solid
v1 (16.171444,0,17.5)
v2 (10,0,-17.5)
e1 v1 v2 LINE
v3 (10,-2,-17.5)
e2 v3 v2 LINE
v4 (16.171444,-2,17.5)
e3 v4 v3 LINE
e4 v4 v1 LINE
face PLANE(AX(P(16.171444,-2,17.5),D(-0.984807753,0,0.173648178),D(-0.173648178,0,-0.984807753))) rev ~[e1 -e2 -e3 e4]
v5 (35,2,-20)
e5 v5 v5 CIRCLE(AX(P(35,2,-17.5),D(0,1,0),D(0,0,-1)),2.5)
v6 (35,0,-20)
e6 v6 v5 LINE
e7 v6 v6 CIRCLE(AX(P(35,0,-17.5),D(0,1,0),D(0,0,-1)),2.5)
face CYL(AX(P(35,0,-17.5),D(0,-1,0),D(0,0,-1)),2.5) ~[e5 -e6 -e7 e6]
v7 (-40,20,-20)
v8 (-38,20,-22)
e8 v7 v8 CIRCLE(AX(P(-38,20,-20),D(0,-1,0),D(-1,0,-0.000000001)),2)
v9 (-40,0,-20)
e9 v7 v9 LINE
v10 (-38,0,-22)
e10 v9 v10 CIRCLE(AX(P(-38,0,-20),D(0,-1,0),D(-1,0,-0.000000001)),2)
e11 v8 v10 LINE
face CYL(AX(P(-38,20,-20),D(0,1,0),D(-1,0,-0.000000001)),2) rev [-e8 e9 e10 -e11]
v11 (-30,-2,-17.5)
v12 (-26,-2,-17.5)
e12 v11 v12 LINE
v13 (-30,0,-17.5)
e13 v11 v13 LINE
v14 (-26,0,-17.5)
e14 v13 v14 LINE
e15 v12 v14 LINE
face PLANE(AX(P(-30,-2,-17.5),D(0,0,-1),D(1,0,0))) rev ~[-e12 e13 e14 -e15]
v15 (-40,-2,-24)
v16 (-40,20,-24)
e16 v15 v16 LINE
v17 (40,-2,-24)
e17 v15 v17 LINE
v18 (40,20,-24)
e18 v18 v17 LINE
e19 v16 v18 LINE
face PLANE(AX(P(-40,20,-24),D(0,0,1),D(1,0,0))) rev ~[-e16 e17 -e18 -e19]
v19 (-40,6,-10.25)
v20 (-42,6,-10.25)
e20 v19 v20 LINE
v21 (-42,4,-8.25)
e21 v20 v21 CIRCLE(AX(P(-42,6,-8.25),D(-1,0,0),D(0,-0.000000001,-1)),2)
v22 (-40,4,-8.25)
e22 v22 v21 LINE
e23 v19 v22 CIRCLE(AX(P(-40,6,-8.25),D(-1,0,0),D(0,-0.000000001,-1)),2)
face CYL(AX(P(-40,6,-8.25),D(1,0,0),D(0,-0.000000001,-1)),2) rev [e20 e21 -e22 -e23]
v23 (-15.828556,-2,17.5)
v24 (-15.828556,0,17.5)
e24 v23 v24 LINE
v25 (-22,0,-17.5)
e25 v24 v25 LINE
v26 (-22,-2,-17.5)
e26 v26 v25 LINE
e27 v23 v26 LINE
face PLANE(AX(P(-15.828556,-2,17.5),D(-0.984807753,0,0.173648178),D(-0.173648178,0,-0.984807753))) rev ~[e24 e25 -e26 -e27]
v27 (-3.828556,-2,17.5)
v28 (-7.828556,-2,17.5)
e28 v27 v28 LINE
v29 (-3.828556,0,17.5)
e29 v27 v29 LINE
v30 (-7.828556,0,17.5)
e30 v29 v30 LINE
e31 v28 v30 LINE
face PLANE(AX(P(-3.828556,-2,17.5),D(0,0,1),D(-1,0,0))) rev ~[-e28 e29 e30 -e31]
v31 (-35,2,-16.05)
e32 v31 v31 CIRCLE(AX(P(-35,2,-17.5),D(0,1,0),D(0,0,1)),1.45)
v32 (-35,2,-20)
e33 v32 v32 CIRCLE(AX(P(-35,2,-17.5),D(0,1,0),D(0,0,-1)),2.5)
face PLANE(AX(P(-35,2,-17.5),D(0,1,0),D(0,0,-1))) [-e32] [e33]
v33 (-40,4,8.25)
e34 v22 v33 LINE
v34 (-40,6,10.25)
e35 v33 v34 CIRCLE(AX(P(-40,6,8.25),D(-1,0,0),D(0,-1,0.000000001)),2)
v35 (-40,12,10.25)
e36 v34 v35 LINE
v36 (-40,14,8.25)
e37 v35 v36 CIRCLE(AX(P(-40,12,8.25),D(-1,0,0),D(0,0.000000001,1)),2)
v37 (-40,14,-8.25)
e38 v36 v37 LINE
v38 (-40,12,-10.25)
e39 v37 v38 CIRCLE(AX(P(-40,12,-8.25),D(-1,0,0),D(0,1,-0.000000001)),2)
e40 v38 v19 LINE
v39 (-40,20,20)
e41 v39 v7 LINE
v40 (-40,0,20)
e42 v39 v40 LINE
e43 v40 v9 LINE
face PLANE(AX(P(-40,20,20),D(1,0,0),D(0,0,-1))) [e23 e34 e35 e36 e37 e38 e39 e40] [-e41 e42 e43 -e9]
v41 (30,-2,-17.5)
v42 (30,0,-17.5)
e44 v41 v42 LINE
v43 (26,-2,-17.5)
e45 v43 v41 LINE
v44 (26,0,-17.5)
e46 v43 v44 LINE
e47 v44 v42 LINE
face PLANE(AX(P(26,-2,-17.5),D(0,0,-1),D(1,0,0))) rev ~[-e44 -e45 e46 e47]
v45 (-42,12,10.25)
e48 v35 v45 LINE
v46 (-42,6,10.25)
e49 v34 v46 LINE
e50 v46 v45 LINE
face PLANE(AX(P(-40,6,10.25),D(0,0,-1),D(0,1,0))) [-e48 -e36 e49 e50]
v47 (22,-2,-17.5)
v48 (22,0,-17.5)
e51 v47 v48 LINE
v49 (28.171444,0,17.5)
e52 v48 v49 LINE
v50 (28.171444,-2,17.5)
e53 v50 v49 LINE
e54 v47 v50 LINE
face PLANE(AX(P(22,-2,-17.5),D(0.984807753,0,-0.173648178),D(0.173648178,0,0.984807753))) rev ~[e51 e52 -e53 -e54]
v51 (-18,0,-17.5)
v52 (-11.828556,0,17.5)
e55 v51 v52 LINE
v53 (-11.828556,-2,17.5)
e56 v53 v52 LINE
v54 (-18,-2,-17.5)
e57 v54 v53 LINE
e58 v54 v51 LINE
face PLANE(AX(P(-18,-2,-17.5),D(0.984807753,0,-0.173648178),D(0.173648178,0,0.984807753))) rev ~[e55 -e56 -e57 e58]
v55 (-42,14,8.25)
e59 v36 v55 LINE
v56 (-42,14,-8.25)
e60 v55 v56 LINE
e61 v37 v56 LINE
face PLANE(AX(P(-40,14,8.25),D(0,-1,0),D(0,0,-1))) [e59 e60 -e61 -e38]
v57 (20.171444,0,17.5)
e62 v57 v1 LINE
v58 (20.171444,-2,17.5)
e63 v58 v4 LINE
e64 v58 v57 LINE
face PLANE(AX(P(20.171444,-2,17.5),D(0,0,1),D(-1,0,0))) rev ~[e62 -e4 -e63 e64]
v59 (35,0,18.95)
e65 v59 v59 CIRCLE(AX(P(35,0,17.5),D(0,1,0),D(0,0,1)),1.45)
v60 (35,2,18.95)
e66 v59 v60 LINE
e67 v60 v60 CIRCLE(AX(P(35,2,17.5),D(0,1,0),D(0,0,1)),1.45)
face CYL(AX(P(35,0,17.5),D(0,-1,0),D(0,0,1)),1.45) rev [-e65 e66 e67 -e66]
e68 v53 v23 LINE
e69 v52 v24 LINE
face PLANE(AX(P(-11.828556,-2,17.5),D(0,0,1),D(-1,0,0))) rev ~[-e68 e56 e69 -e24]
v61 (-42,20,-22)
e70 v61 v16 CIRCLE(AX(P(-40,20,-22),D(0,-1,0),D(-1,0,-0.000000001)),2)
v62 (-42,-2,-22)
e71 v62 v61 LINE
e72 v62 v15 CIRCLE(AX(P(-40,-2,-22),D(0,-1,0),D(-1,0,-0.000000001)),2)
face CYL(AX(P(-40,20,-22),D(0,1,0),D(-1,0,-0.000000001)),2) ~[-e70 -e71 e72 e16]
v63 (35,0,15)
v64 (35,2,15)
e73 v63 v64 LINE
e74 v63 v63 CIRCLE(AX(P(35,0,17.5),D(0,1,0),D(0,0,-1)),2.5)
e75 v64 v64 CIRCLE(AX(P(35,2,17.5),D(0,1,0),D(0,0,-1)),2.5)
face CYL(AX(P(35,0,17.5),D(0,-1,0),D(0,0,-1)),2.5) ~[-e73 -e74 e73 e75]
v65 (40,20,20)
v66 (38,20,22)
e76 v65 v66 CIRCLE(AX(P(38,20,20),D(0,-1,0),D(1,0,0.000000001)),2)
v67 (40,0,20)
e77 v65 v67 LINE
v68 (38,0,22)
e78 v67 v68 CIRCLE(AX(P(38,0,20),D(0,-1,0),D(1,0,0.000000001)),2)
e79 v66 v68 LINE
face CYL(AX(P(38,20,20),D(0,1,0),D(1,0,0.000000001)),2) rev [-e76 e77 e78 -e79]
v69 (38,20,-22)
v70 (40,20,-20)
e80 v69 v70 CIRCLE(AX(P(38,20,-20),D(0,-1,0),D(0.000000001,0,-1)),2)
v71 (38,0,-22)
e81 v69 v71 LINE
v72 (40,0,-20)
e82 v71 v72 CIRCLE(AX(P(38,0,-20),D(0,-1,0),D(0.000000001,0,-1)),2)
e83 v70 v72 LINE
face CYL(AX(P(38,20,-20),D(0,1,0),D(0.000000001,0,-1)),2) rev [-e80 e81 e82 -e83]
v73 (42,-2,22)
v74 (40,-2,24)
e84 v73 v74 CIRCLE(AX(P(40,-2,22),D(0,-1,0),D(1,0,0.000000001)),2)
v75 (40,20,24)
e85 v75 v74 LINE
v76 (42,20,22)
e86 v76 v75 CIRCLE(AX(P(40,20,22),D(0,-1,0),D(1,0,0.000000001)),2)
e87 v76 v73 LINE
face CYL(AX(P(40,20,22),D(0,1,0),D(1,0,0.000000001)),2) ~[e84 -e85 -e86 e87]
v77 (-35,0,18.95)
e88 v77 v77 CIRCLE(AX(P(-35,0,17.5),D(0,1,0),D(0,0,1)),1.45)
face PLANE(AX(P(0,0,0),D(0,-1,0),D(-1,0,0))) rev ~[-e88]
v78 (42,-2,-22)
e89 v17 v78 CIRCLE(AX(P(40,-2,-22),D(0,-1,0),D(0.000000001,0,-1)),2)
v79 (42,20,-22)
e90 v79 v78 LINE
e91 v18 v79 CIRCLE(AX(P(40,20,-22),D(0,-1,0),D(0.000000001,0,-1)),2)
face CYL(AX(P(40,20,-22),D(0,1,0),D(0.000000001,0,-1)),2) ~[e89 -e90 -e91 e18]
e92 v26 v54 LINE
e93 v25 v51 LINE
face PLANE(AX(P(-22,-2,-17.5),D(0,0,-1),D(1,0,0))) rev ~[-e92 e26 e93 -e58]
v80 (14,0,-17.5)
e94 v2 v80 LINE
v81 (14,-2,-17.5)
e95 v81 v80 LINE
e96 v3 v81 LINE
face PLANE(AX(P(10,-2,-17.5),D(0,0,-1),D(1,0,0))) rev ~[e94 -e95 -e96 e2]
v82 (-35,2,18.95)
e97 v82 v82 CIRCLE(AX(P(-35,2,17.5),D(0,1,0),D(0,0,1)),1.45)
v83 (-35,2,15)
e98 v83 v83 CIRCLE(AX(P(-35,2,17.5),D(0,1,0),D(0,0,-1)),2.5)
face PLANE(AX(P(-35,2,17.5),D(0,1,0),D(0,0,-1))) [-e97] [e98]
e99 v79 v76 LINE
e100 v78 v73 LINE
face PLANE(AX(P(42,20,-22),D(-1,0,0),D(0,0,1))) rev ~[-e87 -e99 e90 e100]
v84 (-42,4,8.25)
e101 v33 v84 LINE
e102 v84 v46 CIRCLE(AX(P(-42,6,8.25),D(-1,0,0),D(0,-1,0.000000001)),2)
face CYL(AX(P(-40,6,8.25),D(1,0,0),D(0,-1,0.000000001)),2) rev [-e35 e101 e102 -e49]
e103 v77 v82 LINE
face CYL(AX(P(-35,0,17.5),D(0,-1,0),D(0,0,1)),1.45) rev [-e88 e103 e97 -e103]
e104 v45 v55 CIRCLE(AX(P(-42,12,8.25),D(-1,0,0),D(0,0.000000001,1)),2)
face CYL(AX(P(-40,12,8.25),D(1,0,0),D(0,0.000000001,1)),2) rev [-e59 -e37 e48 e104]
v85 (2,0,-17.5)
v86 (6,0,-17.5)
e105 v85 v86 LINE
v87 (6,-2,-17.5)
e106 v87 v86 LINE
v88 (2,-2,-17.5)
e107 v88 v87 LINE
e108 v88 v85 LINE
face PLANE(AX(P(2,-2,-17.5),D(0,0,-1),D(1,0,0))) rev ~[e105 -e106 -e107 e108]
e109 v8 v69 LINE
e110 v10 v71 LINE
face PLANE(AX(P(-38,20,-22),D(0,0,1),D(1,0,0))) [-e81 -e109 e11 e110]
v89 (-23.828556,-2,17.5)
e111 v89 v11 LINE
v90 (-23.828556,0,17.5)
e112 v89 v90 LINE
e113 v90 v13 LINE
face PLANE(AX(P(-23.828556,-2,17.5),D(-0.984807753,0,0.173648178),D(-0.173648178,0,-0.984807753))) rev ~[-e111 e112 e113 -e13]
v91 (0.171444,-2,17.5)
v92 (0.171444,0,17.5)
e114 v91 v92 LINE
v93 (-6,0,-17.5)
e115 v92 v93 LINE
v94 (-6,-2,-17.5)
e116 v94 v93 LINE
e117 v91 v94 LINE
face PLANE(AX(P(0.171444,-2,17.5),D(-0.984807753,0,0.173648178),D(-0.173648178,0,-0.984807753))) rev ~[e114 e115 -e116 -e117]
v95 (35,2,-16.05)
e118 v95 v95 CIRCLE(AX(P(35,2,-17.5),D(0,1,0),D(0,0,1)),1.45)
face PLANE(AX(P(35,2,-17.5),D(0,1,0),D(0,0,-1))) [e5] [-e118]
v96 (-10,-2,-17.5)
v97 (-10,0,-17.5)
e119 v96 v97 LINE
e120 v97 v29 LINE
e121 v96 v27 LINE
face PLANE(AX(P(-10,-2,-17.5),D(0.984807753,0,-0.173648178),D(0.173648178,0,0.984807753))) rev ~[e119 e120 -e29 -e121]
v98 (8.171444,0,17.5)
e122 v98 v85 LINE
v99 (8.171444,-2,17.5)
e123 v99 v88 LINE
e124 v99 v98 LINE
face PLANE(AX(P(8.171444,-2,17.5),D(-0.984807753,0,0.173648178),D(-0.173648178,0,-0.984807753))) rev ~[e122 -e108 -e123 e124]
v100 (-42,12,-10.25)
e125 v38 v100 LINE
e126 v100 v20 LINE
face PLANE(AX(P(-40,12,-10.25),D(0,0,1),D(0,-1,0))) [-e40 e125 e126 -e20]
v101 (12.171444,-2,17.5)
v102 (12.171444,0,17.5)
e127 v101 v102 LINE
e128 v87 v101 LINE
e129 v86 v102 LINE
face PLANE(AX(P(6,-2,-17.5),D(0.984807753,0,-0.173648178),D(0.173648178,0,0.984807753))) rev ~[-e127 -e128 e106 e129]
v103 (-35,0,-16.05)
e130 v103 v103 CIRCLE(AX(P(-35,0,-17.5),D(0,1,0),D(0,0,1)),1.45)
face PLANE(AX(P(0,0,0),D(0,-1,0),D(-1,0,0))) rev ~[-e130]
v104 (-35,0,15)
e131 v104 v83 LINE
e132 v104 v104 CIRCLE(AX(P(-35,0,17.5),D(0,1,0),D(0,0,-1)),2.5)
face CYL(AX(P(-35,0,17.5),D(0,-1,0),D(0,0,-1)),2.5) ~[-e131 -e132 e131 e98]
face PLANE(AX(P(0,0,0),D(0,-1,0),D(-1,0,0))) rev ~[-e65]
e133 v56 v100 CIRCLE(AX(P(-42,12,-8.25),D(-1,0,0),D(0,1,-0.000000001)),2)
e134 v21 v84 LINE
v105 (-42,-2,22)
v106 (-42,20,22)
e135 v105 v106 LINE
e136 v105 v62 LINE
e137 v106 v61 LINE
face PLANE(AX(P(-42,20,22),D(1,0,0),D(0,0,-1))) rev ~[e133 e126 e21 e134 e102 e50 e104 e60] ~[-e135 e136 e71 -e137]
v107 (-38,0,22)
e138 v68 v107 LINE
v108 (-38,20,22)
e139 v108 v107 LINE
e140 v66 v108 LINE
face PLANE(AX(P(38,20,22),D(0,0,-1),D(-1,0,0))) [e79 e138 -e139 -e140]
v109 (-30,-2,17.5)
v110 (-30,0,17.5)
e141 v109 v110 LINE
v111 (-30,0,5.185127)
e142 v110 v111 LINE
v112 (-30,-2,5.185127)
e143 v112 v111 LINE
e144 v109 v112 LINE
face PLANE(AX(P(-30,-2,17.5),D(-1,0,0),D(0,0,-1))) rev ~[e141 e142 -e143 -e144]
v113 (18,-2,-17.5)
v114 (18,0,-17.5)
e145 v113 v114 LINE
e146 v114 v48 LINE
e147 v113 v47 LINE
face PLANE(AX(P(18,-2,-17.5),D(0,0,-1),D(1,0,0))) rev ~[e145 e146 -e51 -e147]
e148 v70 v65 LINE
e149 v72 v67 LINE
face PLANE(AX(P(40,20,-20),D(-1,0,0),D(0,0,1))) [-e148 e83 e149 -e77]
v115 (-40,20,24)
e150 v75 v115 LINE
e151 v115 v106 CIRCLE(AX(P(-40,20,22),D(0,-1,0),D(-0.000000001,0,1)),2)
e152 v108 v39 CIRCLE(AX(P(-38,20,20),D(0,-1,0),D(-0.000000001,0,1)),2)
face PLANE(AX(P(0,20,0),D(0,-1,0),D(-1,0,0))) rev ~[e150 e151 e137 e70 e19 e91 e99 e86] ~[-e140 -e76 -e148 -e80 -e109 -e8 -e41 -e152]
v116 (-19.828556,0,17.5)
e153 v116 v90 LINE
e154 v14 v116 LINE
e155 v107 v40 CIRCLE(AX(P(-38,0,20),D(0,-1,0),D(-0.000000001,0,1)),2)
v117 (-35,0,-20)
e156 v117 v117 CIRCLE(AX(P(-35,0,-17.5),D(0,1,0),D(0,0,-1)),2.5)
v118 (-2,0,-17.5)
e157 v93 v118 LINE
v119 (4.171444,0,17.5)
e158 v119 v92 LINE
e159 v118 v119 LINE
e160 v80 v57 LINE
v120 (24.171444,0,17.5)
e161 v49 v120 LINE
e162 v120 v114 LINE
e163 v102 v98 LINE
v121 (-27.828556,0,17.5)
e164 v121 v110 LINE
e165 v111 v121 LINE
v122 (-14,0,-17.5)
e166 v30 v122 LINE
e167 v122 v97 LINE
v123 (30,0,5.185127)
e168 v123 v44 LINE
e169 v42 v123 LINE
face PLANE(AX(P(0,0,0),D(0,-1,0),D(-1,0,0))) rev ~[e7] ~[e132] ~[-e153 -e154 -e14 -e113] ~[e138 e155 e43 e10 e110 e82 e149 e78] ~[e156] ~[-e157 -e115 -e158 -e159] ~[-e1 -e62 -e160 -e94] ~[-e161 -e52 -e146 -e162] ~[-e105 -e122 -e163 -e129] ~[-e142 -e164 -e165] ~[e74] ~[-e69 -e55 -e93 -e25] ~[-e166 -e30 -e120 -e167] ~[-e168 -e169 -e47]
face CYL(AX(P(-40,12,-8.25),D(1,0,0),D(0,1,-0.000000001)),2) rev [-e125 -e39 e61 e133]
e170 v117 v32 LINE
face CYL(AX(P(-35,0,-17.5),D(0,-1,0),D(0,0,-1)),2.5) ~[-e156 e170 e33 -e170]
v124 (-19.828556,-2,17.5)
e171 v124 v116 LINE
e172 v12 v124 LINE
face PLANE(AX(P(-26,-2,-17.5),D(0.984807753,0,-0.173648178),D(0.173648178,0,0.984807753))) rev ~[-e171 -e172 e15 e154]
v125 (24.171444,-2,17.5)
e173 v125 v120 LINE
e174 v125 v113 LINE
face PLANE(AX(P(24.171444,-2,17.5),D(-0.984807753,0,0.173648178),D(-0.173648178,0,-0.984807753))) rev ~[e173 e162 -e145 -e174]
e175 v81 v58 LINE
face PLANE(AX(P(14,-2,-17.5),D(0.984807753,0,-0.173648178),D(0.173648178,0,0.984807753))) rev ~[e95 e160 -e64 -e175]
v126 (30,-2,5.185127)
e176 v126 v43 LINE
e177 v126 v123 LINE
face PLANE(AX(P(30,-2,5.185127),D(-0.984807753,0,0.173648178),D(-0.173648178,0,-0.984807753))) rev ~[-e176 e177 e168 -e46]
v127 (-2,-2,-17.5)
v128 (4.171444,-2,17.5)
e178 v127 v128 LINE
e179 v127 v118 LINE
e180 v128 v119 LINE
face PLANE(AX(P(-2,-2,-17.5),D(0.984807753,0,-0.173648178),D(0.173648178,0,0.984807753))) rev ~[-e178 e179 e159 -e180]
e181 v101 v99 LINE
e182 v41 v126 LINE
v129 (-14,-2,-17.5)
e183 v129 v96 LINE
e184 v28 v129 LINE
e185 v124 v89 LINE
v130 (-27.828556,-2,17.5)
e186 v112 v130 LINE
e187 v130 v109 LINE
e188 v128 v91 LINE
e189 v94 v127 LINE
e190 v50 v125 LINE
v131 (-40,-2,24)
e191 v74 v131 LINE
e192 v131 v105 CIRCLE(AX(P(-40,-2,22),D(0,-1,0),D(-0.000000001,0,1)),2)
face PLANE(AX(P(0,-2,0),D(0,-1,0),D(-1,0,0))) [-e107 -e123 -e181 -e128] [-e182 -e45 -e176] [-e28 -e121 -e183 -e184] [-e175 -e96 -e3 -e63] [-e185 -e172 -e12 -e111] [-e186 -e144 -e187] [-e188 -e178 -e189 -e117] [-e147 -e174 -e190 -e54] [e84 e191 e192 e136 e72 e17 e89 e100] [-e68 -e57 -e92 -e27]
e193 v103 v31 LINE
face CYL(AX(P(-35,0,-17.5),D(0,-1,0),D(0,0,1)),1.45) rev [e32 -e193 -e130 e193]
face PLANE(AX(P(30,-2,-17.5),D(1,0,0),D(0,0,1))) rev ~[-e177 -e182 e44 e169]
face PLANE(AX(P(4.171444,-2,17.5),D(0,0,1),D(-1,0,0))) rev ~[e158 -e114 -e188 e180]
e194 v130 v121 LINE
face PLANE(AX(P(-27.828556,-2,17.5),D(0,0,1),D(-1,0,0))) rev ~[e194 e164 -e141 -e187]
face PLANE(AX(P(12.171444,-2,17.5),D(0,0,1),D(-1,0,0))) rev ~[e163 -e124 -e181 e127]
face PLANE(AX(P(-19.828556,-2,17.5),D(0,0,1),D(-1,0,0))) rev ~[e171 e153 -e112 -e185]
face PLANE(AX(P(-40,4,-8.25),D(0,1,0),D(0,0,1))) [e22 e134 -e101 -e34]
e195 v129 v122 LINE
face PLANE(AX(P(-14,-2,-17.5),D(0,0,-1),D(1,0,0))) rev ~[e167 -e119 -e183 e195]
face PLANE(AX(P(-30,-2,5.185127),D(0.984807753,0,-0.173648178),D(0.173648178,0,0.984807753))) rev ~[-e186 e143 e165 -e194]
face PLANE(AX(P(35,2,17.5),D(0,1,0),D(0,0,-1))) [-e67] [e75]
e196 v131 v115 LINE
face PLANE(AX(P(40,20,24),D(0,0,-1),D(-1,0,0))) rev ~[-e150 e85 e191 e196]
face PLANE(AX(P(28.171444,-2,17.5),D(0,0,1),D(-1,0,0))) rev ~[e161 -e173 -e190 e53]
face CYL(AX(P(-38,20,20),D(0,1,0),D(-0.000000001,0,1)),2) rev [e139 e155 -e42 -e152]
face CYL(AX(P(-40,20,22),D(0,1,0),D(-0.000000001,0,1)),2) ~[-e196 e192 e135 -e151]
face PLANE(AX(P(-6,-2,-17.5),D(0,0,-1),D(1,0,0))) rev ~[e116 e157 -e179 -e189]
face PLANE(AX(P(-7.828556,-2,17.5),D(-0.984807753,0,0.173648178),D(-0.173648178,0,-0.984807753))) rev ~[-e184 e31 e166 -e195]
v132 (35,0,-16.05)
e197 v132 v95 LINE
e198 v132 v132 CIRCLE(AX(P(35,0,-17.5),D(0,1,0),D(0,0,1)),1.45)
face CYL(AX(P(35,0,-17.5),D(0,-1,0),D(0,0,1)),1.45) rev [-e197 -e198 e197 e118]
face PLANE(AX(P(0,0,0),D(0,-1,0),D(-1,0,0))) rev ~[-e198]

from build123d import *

# Parameters (mm, degrees)
EXTRUDE_1_DEPTH     = 2
EXTRUDE_START       = 20
EXTRUDE_3_DEPTH     = 20
SKETCH_1_5_R        = 2.5
SKETCH_1_5_R_2      = 1.45
EXTRUDE_4_DEPTH     = 2
CUT_EXTRUDE_2_DEPTH = 2
CUT_EXTRUDE_3_DEPTH = 2


with BuildPart() as part:
    # 草图1 → 凸台-拉伸1 (new body)
    with BuildSketch(Plane(origin=(0, 0, 0), x_dir=(1, 0, 0), z_dir=(0, 1, 0))):
        with BuildLine():
            Line((-40, 24), (40, 24))
            ThreePointArc((40, 24), (41.414213562, 23.414213562), (42, 22))
            Line((42, 22), (42, -22))
            ThreePointArc((42, -22), (41.414213562, -23.414213562), (40, -24))
            Line((40, -24), (-40, -24))
            ThreePointArc((-40, -24), (-41.414213562, -23.414213562), (-42, -22))
            Line((-42, -22), (-42, 22))
            ThreePointArc((-42, 22), (-41.414213562, 23.414213562), (-40, 24))
        make_face()
    extrude(amount=-EXTRUDE_1_DEPTH)

    # 草图1<4> → 凸台-拉伸3 (add)
    with BuildSketch(Plane(origin=(0, 0, 0), x_dir=(1, 0, 0), z_dir=(0, 1, 0)).offset(EXTRUDE_START)):
        with BuildLine():
            Line((-40, 24), (40, 24))
            ThreePointArc((40, 24), (41.414213562, 23.414213562), (42, 22))
            Line((42, 22), (42, -22))
            ThreePointArc((42, -22), (41.414213562, -23.414213562), (40, -24))
            Line((40, -24), (-40, -24))
            ThreePointArc((-40, -24), (-41.414213562, -23.414213562), (-42, -22))
            Line((-42, -22), (-42, 22))
            ThreePointArc((-42, 22), (-41.414213562, 23.414213562), (-40, 24))
        make_face()
        with BuildLine():
            Line((-38, 22), (38, 22))
            ThreePointArc((38, 22), (39.414213562, 21.414213562), (40, 20))
            Line((40, 20), (40, -20))
            ThreePointArc((40, -20), (39.414213562, -21.414213562), (38, -22))
            Line((38, -22), (-38, -22))
            ThreePointArc((-38, -22), (-39.414213562, -21.414213562), (-40, -20))
            Line((-40, -20), (-40, 20))
            ThreePointArc((-40, 20), (-39.414213562, 21.414213562), (-38, 22))
        make_face(mode=Mode.SUBTRACT)
    extrude(amount=-EXTRUDE_3_DEPTH)

    # 草图1<5> → 凸台-拉伸4 (add)
    # profile 1 of 4: a face of its own
    with BuildSketch(Plane(origin=(0, 0, 0), x_dir=(1, 0, 0), z_dir=(0, 1, 0))):
        with Locations((-35, 17.5)):
            Circle(SKETCH_1_5_R)
        with Locations((-35, 17.5)):
            Circle(SKETCH_1_5_R_2, mode=Mode.SUBTRACT)
    # profile 2 of 4: a face of its own
    with BuildSketch(Plane(origin=(0, 0, 0), x_dir=(1, 0, 0), z_dir=(0, 1, 0))):
        with Locations((35, 17.5)):
            Circle(SKETCH_1_5_R)
        with Locations((35, 17.5)):
            Circle(SKETCH_1_5_R_2, mode=Mode.SUBTRACT)
    # profile 3 of 4: a face of its own
    with BuildSketch(Plane(origin=(0, 0, 0), x_dir=(1, 0, 0), z_dir=(0, 1, 0))):
        with Locations((35, -17.5)):
            Circle(SKETCH_1_5_R)
        with Locations((35, -17.5)):
            Circle(SKETCH_1_5_R_2, mode=Mode.SUBTRACT)
    # profile 4 of 4: a face of its own
    with BuildSketch(Plane(origin=(0, 0, 0), x_dir=(1, 0, 0), z_dir=(0, 1, 0))):
        with Locations((-35, -17.5)):
            Circle(SKETCH_1_5_R)
        with Locations((-35, -17.5)):
            Circle(SKETCH_1_5_R_2, mode=Mode.SUBTRACT)
    extrude(amount=EXTRUDE_4_DEPTH)

    # 草图2 → 切除-拉伸2 (cut)
    with BuildSketch(Plane.XZ.offset(2)):
        Polygon((-19.828555675, 17.5), (-23.828555675, 17.5), (-30, -17.5), (-26, -17.5), align=None)
        Polygon((-30, 5.185127278), (-27.828555675, 17.5), (-30, 17.5), align=None)
        Polygon((-11.828555675, 17.5), (-15.828555675, 17.5), (-22, -17.5), (-18, -17.5), align=None)
        Polygon((-3.828555675, 17.5), (-7.828555675, 17.5), (-14, -17.5), (-10, -17.5), align=None)
        Polygon((4.171444325, 17.5), (0.171444325, 17.5), (-6, -17.5), (-2, -17.5), align=None)
        Polygon((12.171444325, 17.5), (8.171444325, 17.5), (2, -17.5), (6, -17.5), align=None)
        Polygon((20.171444325, 17.5), (16.171444325, 17.5), (10, -17.5), (14, -17.5), align=None)
        Polygon((28.171444325, 17.5), (24.171444325, 17.5), (18, -17.5), (22, -17.5), align=None)
        Polygon((30, 5.185127278), (26, -17.5), (30, -17.5), align=None)
    extrude(amount=-CUT_EXTRUDE_2_DEPTH, mode=Mode.SUBTRACT)

    # 草图3 → 切除-拉伸3 (cut)
    with BuildSketch(Plane(origin=(-40, 0, 0), x_dir=(0, 0, -1), z_dir=(1, 0, 0))):
        with BuildLine():
            Line((-10.25, 6), (-10.25, 12))
            ThreePointArc((-10.25, 12), (-9.664213562, 13.414213562), (-8.25, 14))
            Line((-8.25, 14), (8.25, 14))
            ThreePointArc((8.25, 14), (9.664213562, 13.414213562), (10.25, 12))
            Line((10.25, 12), (10.25, 6))
            ThreePointArc((10.25, 6), (9.664213562, 4.585786438), (8.25, 4))
            Line((8.25, 4), (-8.25, 4))
            ThreePointArc((-8.25, 4), (-9.664213562, 4.585786438), (-10.25, 6))
        make_face()
    extrude(amount=-CUT_EXTRUDE_3_DEPTH, mode=Mode.SUBTRACT)


solid = part.part
